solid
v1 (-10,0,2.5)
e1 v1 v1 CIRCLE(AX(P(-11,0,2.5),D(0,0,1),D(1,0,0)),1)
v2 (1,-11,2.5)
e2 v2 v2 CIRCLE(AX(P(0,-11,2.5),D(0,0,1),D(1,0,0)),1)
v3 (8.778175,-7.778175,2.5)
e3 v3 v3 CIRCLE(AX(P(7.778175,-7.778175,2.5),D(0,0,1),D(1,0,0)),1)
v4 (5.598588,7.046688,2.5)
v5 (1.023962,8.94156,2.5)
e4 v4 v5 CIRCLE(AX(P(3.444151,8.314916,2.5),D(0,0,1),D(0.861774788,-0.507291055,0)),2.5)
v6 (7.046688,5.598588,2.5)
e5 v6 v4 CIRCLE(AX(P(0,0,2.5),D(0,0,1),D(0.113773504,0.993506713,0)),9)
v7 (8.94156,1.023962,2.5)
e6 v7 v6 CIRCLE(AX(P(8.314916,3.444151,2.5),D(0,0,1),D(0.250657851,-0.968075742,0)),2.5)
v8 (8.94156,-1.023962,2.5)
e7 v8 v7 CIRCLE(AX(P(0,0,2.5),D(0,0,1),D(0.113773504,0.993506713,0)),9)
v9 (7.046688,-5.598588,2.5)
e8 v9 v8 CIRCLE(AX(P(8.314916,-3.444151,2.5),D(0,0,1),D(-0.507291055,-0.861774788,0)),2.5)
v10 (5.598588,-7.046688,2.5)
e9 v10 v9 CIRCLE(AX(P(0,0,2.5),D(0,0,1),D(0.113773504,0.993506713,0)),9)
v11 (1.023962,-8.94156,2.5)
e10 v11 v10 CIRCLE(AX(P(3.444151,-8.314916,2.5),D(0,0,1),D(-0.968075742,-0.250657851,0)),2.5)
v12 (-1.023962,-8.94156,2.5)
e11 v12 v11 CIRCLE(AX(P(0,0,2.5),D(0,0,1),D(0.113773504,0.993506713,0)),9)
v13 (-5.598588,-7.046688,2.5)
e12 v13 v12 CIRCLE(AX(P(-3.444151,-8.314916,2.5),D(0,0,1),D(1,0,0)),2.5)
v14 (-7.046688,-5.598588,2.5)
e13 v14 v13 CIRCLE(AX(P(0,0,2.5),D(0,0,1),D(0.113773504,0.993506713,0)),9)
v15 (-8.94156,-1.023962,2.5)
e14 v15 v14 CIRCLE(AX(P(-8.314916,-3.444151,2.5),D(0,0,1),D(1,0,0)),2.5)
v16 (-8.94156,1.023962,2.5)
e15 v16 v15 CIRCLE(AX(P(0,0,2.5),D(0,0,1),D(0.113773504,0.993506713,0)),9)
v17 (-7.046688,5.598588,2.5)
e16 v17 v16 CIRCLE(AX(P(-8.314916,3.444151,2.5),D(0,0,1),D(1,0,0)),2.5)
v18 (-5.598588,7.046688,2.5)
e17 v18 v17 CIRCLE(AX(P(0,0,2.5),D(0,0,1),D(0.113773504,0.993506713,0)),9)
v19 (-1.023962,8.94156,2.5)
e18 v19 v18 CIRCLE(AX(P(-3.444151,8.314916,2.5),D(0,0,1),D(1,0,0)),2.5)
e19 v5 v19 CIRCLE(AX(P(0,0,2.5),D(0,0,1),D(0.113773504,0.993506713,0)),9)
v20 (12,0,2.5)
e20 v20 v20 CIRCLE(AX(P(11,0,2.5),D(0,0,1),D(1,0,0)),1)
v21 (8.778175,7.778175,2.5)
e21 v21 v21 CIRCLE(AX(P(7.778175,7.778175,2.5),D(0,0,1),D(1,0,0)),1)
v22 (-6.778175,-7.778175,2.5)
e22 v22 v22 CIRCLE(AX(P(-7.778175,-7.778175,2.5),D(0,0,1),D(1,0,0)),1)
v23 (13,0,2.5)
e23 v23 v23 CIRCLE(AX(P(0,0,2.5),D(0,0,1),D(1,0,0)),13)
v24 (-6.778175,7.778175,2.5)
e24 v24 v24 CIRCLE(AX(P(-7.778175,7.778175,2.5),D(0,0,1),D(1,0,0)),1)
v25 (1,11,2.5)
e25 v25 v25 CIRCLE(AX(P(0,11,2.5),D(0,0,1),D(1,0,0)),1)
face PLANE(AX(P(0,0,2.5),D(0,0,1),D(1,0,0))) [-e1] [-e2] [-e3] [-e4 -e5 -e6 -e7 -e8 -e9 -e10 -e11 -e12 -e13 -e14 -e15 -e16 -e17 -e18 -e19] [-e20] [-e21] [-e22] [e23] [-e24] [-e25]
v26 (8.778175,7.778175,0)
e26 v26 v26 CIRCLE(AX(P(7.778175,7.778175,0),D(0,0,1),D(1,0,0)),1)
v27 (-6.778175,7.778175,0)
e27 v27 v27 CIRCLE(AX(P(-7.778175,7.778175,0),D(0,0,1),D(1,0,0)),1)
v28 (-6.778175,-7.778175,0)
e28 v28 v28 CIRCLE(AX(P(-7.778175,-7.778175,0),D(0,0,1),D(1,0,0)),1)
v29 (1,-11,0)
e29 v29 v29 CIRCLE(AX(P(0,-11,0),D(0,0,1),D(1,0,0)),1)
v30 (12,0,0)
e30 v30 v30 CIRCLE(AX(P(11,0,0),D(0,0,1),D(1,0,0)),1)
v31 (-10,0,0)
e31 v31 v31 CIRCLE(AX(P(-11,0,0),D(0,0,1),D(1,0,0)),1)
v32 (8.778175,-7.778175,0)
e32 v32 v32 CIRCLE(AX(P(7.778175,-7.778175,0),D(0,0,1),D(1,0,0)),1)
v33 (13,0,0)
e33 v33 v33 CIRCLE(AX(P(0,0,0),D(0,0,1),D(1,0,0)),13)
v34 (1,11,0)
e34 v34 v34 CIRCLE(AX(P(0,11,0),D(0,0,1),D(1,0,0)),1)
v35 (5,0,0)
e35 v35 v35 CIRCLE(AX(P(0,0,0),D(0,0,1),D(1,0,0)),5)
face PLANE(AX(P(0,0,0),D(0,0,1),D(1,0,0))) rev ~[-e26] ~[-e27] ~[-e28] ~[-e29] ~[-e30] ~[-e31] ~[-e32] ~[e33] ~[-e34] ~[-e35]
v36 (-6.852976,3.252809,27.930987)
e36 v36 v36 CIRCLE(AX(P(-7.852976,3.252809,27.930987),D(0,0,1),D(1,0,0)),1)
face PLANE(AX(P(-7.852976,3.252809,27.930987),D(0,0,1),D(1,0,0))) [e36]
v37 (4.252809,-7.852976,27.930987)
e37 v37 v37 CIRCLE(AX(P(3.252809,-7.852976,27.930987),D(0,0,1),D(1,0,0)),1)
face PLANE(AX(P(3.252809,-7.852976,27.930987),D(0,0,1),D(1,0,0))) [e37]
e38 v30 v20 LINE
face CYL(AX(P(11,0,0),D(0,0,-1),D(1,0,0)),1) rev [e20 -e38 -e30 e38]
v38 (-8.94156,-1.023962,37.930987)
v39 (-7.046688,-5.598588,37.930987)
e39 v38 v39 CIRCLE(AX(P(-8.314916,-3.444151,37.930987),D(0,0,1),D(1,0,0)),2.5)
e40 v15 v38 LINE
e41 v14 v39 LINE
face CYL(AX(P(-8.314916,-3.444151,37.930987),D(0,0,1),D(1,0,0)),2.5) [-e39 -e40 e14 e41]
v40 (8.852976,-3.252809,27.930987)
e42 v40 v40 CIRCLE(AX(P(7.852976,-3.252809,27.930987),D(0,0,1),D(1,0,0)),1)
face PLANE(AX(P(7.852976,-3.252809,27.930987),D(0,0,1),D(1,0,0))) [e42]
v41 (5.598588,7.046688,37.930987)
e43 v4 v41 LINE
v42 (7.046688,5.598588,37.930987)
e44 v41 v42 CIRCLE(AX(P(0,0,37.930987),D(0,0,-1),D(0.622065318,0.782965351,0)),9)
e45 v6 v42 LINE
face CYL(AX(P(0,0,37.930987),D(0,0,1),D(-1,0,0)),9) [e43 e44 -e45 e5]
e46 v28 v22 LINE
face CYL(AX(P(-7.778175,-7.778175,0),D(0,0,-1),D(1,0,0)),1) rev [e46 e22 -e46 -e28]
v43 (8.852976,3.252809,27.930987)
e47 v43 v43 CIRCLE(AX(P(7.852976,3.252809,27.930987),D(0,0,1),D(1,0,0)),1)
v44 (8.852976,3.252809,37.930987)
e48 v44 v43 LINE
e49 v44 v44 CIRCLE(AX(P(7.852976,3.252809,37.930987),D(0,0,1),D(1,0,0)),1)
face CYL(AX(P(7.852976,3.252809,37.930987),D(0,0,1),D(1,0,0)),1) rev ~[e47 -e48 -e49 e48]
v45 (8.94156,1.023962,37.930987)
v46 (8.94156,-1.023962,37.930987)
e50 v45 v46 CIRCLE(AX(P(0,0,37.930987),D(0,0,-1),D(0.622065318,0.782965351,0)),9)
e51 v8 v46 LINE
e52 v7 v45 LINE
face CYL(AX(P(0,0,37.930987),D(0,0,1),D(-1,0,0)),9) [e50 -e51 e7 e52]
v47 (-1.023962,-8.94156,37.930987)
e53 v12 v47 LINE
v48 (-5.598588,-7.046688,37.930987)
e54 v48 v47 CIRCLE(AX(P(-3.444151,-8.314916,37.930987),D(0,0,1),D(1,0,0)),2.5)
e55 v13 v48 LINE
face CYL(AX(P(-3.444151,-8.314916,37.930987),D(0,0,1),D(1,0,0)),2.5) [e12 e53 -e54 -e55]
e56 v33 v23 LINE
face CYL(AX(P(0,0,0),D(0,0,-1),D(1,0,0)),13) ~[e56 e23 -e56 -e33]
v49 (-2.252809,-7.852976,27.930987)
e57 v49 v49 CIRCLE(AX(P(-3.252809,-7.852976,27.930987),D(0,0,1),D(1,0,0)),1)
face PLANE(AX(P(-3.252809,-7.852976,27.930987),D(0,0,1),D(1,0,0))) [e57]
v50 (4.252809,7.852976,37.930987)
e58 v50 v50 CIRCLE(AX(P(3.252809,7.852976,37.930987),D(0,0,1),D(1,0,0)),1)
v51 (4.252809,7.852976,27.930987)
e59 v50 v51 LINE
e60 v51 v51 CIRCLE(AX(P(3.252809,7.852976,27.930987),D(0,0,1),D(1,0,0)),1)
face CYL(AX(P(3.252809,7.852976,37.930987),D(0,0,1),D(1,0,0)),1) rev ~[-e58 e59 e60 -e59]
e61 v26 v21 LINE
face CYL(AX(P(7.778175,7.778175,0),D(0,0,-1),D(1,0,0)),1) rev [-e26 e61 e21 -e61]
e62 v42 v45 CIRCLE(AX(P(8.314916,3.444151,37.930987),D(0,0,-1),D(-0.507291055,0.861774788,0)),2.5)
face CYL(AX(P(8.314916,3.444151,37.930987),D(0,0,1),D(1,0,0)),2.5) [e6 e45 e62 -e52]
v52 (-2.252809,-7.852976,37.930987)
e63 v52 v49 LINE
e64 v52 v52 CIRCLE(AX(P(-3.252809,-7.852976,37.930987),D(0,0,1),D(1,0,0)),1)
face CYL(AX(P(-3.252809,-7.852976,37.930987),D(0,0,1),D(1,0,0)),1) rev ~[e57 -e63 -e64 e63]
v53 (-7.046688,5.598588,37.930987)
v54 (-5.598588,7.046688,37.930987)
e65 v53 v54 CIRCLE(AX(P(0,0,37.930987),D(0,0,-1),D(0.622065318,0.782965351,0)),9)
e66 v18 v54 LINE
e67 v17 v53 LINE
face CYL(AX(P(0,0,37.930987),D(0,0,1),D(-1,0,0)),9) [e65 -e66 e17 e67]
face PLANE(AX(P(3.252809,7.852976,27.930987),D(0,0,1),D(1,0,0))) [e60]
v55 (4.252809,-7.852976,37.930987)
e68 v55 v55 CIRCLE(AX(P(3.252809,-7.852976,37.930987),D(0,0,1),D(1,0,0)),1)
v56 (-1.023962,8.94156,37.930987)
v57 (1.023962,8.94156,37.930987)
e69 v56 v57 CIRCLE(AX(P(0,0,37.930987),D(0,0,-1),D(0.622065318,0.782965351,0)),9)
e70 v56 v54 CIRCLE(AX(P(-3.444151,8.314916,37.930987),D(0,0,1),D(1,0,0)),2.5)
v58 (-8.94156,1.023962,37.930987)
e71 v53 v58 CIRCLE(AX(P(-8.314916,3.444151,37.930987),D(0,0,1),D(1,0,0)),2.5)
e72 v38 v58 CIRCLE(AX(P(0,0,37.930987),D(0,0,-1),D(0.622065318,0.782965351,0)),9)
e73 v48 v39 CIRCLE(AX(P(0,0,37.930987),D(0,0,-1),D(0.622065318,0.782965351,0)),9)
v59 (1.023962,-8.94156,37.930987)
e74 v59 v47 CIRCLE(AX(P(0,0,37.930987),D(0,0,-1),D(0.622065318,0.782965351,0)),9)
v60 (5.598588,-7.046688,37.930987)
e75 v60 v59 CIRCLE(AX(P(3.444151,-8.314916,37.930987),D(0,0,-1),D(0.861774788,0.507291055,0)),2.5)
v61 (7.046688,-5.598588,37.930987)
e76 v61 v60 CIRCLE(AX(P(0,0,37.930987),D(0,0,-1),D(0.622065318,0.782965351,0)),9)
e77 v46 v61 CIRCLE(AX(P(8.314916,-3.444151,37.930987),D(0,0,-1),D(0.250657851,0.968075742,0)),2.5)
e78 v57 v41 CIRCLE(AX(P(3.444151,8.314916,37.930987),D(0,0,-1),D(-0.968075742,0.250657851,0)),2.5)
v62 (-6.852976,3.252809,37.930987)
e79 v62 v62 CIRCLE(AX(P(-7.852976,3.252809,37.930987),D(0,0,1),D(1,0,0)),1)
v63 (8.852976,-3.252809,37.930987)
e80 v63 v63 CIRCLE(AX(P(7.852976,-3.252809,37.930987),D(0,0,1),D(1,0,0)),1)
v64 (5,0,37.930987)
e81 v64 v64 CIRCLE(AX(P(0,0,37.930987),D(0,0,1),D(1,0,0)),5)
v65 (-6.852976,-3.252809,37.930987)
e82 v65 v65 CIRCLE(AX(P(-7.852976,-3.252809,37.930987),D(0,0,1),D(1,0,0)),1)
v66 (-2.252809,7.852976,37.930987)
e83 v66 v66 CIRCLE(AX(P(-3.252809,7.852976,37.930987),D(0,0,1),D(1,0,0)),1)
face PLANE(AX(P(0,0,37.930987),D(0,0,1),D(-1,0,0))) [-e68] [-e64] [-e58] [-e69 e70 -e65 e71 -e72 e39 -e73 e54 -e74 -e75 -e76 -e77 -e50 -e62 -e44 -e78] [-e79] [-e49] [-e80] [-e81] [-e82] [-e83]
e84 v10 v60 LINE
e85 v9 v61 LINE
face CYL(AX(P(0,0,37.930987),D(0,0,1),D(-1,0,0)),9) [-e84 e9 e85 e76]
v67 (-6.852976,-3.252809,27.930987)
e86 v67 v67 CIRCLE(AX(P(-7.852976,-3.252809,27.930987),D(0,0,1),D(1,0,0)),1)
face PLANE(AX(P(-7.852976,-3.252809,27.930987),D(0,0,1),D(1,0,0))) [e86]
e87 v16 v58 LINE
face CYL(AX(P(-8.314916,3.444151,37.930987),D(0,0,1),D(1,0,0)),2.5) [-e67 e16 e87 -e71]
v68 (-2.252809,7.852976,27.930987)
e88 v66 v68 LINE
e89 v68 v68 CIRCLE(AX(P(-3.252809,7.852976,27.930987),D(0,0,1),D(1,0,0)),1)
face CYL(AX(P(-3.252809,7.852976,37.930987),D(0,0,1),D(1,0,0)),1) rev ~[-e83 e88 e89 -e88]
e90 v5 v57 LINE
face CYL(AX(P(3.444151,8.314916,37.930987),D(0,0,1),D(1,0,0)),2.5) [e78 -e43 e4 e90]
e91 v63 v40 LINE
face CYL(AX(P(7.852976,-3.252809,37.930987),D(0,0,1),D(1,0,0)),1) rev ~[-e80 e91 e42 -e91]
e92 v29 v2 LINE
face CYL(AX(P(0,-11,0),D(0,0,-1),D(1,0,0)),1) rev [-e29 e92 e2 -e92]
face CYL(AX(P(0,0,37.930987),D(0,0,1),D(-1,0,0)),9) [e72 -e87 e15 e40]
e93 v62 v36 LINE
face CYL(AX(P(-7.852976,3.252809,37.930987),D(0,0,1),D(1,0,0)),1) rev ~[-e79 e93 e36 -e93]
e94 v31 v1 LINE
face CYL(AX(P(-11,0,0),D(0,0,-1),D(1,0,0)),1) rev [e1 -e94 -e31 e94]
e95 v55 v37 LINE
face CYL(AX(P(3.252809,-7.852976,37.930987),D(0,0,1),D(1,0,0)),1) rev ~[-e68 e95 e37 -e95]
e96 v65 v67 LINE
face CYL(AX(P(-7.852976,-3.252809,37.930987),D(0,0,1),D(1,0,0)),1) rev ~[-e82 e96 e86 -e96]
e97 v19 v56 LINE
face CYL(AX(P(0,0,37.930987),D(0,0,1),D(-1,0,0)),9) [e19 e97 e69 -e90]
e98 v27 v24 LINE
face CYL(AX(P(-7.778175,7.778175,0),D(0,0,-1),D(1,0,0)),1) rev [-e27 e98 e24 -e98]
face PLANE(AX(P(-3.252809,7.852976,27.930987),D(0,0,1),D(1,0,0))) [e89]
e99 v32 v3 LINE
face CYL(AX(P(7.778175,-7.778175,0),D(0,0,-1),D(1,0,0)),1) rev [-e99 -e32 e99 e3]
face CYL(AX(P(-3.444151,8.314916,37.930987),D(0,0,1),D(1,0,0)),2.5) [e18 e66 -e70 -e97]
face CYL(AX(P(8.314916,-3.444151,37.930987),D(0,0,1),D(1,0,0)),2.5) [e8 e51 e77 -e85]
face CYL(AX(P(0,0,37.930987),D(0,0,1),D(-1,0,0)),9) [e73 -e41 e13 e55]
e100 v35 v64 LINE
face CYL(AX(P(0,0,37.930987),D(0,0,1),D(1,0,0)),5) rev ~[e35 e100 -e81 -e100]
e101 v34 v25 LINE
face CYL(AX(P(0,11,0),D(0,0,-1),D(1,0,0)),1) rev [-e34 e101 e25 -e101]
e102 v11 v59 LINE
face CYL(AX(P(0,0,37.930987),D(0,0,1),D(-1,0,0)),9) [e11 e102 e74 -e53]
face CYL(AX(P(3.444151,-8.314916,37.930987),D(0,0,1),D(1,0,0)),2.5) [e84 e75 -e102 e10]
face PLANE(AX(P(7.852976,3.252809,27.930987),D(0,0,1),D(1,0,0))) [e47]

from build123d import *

# Parameters (mm, degrees)
CROQUIS1_R              = 13
CROQUIS1_R_2            = 1
SALIENTE_EXTRUIR1_DEPTH = 2.5
CROQUIS2_R              = 5
CORTAR_EXTRUIR2_DEPTH   = 2.5
SALIENTE_EXTRUIR2_START = 35.430987392
CROQUIS3_R              = 9
CROQUIS3_R_2            = 5
SALIENTE_EXTRUIR2_DEPTH = 35.430987392
SALIENTE_EXTRUIR3_REACH = 44.152
CROQUIS4_R              = 2.5
CROQUIS5_R              = 1
CORTAR_EXTRUIR3_DEPTH   = 10


with BuildPart() as part:
    # Croquis1 → Saliente-Extruir1 (new body)
    with BuildSketch(Plane.XY):
        Circle(CROQUIS1_R)
        with Locations((0, 11)):
            Circle(CROQUIS1_R_2, mode=Mode.SUBTRACT)
        with Locations((7.778174593, 7.778174593)):
            Circle(CROQUIS1_R_2, mode=Mode.SUBTRACT)
        with Locations((11, 0)):
            Circle(CROQUIS1_R_2, mode=Mode.SUBTRACT)
        with Locations((7.778174593, -7.778174593)):
            Circle(CROQUIS1_R_2, mode=Mode.SUBTRACT)
        with Locations((0, -11)):
            Circle(CROQUIS1_R_2, mode=Mode.SUBTRACT)
        with Locations((-7.778174593, -7.778174593)):
            Circle(CROQUIS1_R_2, mode=Mode.SUBTRACT)
        with Locations((-11, 0)):
            Circle(CROQUIS1_R_2, mode=Mode.SUBTRACT)
        with Locations((-7.778174593, 7.778174593)):
            Circle(CROQUIS1_R_2, mode=Mode.SUBTRACT)
    extrude(amount=SALIENTE_EXTRUIR1_DEPTH)

    # Croquis2 → Cortar-Extruir2 (cut)
    with BuildSketch(Plane.XY.offset(2.5)):
        Circle(CROQUIS2_R)
    extrude(amount=-CORTAR_EXTRUIR2_DEPTH, mode=Mode.SUBTRACT)

    # Croquis3 → Saliente-Extruir2 (add)
    with BuildSketch(Plane.XY.offset(2.5).offset(SALIENTE_EXTRUIR2_START)):
        with Locations(Location((0, 0, 0), (0, 0, 180))):
            Circle(CROQUIS3_R)
        Circle(CROQUIS3_R_2, mode=Mode.SUBTRACT)
    extrude(amount=-SALIENTE_EXTRUIR2_DEPTH)

    # Croquis4 → Saliente-Extruir3 (add, up to next)
    with BuildSketch(Plane.XY.offset(37.930987392), mode=Mode.PRIVATE) as saliente_extruir3_sk1:
        with Locations((3.444150891, 8.314915793)):
            Circle(CROQUIS4_R)
    saliente_extruir3_tool1 = extrude(saliente_extruir3_sk1.sketch, amount=-SALIENTE_EXTRUIR3_REACH, mode=Mode.PRIVATE) - part.part
    # Croquis4 → Saliente-Extruir3 (add, up to next)
    with BuildSketch(Plane.XY.offset(37.930987392), mode=Mode.PRIVATE) as saliente_extruir3_sk2:
        with Locations((8.314915793, 3.444150891)):
            Circle(CROQUIS4_R)
    saliente_extruir3_tool2 = extrude(saliente_extruir3_sk2.sketch, amount=-SALIENTE_EXTRUIR3_REACH, mode=Mode.PRIVATE) - part.part
    # Croquis4 → Saliente-Extruir3 (add, up to next)
    with BuildSketch(Plane.XY.offset(37.930987392), mode=Mode.PRIVATE) as saliente_extruir3_sk3:
        with Locations((8.314915793, -3.444150891)):
            Circle(CROQUIS4_R)
    saliente_extruir3_tool3 = extrude(saliente_extruir3_sk3.sketch, amount=-SALIENTE_EXTRUIR3_REACH, mode=Mode.PRIVATE) - part.part
    # Croquis4 → Saliente-Extruir3 (add, up to next)
    with BuildSketch(Plane.XY.offset(37.930987392), mode=Mode.PRIVATE) as saliente_extruir3_sk4:
        with Locations((3.444150891, -8.314915793)):
            Circle(CROQUIS4_R)
    saliente_extruir3_tool4 = extrude(saliente_extruir3_sk4.sketch, amount=-SALIENTE_EXTRUIR3_REACH, mode=Mode.PRIVATE) - part.part
    # Croquis4 → Saliente-Extruir3 (add, up to next)
    with BuildSketch(Plane.XY.offset(37.930987392), mode=Mode.PRIVATE) as saliente_extruir3_sk5:
        with Locations((-3.444150891, -8.314915793)):
            Circle(CROQUIS4_R)
    saliente_extruir3_tool5 = extrude(saliente_extruir3_sk5.sketch, amount=-SALIENTE_EXTRUIR3_REACH, mode=Mode.PRIVATE) - part.part
    # Croquis4 → Saliente-Extruir3 (add, up to next)
    with BuildSketch(Plane.XY.offset(37.930987392), mode=Mode.PRIVATE) as saliente_extruir3_sk6:
        with Locations((-8.314915793, -3.444150891)):
            Circle(CROQUIS4_R)
    saliente_extruir3_tool6 = extrude(saliente_extruir3_sk6.sketch, amount=-SALIENTE_EXTRUIR3_REACH, mode=Mode.PRIVATE) - part.part
    # Croquis4 → Saliente-Extruir3 (add, up to next)
    with BuildSketch(Plane.XY.offset(37.930987392), mode=Mode.PRIVATE) as saliente_extruir3_sk7:
        with Locations((-8.314915793, 3.444150891)):
            Circle(CROQUIS4_R)
    saliente_extruir3_tool7 = extrude(saliente_extruir3_sk7.sketch, amount=-SALIENTE_EXTRUIR3_REACH, mode=Mode.PRIVATE) - part.part
    # Croquis4 → Saliente-Extruir3 (add, up to next)
    with BuildSketch(Plane.XY.offset(37.930987392), mode=Mode.PRIVATE) as saliente_extruir3_sk8:
        with Locations((-3.444150891, 8.314915793)):
            Circle(CROQUIS4_R)
    saliente_extruir3_tool8 = extrude(saliente_extruir3_sk8.sketch, amount=-SALIENTE_EXTRUIR3_REACH, mode=Mode.PRIVATE) - part.part
    add(saliente_extruir3_tool1.solids().sort_by_distance((3.444151, 8.314916, 37.930987))[0])
    add(saliente_extruir3_tool2.solids().sort_by_distance((8.314916, 3.444151, 37.930987))[0])
    add(saliente_extruir3_tool3.solids().sort_by_distance((8.314916, -3.444151, 37.930987))[0])
    add(saliente_extruir3_tool4.solids().sort_by_distance((3.444151, -8.314916, 37.930987))[0])
    add(saliente_extruir3_tool5.solids().sort_by_distance((-3.444151, -8.314916, 37.930987))[0])
    add(saliente_extruir3_tool6.solids().sort_by_distance((-8.314916, -3.444151, 37.930987))[0])
    add(saliente_extruir3_tool7.solids().sort_by_distance((-8.314916, 3.444151, 37.930987))[0])
    add(saliente_extruir3_tool8.solids().sort_by_distance((-3.444151, 8.314916, 37.930987))[0])

    # Croquis5 → Cortar-Extruir3 (cut)
    with BuildSketch(Plane.XY.offset(37.930987392)):
        with Locations((-3.252809175, 7.852976026)):
            Circle(CROQUIS5_R)
        with Locations((3.252809175, 7.852976026)):
            Circle(CROQUIS5_R)
        with Locations((7.852976026, 3.252809175)):
            Circle(CROQUIS5_R)
        with Locations((7.852976026, -3.252809175)):
            Circle(CROQUIS5_R)
        with Locations((3.252809175, -7.852976026)):
            Circle(CROQUIS5_R)
        with Locations((-3.252809175, -7.852976026)):
            Circle(CROQUIS5_R)
        with Locations((-7.852976026, -3.252809175)):
            Circle(CROQUIS5_R)
        with Locations((-7.852976026, 3.252809175)):
            Circle(CROQUIS5_R)
    extrude(amount=-CORTAR_EXTRUIR3_DEPTH, mode=Mode.SUBTRACT)


solid = part.part
